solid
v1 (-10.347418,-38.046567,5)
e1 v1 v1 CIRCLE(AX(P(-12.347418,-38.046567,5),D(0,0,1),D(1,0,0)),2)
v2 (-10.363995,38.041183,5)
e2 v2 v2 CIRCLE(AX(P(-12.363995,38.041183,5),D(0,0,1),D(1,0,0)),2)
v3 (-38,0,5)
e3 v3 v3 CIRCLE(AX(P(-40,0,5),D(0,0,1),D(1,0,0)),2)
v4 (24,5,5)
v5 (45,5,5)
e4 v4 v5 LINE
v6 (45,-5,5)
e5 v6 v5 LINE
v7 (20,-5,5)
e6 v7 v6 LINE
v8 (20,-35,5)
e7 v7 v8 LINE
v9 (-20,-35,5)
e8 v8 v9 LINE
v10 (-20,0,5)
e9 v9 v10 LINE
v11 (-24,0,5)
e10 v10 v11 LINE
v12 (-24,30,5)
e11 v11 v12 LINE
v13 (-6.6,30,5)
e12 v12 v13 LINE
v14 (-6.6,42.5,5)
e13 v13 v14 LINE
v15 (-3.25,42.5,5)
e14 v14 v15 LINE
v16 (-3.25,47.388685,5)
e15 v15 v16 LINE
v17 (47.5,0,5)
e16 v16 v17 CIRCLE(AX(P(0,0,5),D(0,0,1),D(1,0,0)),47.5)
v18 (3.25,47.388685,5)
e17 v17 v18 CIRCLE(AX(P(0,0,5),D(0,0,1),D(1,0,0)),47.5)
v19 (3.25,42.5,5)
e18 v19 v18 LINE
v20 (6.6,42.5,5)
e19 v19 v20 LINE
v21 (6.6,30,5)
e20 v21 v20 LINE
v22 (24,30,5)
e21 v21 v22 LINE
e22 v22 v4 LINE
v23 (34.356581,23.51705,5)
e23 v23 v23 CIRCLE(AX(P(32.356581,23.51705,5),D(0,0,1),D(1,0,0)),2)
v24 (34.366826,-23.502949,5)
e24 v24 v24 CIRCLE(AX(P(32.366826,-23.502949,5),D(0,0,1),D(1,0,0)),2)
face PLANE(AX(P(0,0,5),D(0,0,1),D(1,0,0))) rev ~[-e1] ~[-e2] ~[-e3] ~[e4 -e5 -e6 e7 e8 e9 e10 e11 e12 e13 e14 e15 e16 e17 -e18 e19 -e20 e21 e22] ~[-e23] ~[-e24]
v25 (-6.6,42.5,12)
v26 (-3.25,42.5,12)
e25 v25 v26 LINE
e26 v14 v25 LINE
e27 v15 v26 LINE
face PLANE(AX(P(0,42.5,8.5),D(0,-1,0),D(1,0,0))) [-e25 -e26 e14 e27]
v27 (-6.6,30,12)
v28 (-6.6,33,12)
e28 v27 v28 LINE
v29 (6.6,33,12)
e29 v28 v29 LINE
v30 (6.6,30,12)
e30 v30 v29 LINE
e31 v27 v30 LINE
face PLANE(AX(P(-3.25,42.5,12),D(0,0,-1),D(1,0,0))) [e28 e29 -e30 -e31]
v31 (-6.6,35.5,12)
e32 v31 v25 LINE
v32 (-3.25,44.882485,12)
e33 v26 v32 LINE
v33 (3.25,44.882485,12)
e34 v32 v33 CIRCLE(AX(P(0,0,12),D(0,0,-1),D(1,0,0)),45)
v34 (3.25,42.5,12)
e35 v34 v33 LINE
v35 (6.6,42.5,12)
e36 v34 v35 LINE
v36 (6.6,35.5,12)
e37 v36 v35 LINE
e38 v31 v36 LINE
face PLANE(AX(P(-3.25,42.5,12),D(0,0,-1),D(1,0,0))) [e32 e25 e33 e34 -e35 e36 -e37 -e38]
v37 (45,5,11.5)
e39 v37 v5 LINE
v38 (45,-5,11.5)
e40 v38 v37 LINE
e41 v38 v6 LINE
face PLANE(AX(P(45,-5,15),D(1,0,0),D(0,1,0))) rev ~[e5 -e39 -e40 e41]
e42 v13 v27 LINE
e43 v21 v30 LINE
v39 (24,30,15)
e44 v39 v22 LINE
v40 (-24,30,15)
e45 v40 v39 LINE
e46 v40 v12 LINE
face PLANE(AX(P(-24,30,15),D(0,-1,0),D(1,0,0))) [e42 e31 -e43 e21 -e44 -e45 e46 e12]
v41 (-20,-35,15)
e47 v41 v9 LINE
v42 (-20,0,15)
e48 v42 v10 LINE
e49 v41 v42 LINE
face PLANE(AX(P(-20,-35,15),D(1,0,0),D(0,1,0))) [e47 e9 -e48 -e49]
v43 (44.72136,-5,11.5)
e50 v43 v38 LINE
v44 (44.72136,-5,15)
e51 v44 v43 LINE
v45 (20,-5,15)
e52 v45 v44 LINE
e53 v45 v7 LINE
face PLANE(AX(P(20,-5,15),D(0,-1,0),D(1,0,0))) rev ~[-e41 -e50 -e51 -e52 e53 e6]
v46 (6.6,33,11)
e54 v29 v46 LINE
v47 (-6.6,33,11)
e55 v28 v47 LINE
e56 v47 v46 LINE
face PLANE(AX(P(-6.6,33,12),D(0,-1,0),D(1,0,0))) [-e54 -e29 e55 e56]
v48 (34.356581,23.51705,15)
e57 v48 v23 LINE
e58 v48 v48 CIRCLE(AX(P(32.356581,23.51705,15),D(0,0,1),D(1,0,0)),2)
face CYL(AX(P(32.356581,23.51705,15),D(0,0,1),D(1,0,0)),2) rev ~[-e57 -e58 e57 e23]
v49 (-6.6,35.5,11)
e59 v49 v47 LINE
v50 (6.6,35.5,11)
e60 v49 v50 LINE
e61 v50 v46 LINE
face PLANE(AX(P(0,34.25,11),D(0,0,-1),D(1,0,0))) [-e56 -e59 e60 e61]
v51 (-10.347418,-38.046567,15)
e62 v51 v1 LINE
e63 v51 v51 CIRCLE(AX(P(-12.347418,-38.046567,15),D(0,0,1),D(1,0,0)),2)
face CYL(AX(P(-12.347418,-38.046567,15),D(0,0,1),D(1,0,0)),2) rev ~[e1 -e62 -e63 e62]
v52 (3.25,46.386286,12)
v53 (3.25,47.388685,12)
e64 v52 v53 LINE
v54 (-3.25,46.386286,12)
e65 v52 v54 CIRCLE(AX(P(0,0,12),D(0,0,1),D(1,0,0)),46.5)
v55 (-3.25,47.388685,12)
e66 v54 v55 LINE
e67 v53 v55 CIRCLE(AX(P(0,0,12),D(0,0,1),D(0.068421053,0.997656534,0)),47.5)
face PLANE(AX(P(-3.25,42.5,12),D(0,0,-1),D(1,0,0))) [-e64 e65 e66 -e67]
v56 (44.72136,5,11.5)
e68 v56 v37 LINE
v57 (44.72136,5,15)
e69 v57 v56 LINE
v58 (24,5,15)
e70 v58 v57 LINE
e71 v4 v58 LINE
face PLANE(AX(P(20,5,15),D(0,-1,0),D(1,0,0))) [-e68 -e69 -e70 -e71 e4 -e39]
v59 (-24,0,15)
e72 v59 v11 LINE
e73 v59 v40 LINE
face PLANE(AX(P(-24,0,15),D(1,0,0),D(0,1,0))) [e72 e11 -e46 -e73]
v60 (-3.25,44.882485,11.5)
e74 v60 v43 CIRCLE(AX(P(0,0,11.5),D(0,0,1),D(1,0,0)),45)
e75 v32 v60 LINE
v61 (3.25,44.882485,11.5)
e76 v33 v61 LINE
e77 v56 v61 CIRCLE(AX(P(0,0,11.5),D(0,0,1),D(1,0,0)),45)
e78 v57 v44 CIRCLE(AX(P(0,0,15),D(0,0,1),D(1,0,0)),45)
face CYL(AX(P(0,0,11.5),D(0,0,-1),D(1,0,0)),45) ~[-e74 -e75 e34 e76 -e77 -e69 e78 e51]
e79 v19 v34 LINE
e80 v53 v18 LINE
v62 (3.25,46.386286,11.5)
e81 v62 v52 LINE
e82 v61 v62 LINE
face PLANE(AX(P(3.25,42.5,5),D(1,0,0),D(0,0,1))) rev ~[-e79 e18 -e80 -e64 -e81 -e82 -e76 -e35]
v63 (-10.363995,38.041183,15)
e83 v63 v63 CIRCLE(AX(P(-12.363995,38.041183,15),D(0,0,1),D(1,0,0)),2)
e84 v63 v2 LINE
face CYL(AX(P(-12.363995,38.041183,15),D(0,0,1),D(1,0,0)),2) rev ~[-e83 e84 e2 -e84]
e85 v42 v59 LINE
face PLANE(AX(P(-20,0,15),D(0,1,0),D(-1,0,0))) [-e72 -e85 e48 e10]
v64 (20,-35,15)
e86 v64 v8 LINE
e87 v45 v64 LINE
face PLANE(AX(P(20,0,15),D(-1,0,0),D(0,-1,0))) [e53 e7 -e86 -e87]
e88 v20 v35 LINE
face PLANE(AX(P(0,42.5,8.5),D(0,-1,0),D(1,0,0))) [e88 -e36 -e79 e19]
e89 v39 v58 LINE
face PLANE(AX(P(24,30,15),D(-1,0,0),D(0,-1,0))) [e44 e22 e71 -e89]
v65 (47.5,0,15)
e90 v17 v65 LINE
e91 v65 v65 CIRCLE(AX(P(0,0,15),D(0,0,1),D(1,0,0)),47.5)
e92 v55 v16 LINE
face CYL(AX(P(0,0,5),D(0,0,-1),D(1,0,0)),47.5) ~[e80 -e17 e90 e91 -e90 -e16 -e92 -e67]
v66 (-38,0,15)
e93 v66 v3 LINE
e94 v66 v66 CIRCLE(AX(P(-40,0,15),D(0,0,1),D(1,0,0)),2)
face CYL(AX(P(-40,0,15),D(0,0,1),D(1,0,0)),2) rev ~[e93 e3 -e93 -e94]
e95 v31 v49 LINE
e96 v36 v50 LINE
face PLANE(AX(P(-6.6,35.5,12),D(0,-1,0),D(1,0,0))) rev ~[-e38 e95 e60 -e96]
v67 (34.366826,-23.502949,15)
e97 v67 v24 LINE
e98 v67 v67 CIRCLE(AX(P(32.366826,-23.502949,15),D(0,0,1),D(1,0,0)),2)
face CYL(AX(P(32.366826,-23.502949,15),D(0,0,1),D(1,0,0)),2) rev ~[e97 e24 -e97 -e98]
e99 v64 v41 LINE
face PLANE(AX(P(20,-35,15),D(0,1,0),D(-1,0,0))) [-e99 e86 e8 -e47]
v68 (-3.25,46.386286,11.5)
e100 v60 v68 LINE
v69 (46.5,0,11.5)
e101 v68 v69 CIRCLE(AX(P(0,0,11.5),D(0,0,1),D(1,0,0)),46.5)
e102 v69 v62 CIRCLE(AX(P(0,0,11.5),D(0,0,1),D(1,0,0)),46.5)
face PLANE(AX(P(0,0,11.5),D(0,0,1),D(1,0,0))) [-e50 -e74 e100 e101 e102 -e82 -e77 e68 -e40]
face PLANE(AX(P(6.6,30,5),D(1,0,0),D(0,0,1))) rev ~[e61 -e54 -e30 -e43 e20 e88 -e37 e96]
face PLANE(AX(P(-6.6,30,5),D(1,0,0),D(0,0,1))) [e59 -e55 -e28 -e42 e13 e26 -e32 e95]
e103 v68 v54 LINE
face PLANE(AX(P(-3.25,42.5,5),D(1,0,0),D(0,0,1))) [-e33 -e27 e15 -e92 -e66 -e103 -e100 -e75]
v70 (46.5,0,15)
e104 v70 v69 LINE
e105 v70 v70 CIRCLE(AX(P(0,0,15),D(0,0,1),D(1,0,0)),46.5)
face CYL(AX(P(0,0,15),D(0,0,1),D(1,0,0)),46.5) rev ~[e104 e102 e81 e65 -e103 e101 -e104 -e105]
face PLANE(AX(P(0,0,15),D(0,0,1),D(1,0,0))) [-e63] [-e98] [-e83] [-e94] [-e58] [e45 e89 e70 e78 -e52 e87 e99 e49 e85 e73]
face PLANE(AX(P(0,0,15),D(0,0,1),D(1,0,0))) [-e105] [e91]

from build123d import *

# Parameters (mm, degrees)
SKETCH005_R     = 47.5
PAD002_DEPTH    = 10
SKETCH006_R     = 46.5
POCKET001_DEPTH = 3.5
SKETCH007_R     = 45
PAD003_DEPTH    = 3.5
POCKET003_DEPTH = 10
SKETCH011_W     = 25
SKETCH011_H     = 10
POCKET004_DEPTH = 10
SKETCH014_R     = 2
POCKET007_DEPTH = 10
SKETCH018_W     = 13.2
SKETCH018_H     = 7
POCKET011_DEPTH = 12.5
SKETCH019_W     = 6.5
SKETCH019_H     = 7
POCKET012_DEPTH = 5
SKETCH020_W     = 13.2
SKETCH020_H     = 2.5
PAD005_DEPTH    = 1


with BuildPart() as part:
    # Sketch005 → Pad002 (new body)
    with BuildSketch(Plane.XY):
        Circle(SKETCH005_R)
    extrude(amount=PAD002_DEPTH)

    # Sketch006 (on Face3 of Pad002) → Pocket001 (cut)
    with BuildSketch(Plane.XY.offset(10)):
        Circle(SKETCH006_R)
    extrude(amount=-POCKET001_DEPTH, mode=Mode.SUBTRACT)

    # Sketch007 (on Face5 of Pocket001) → Pad003 (join)
    with BuildSketch(Plane.XY.offset(6.5)):
        Circle(SKETCH007_R)
    extrude(amount=PAD003_DEPTH)

    # Sketch010 (on Face7 of Pad003) → Pocket003 (cut)
    with BuildSketch(Plane.XY.offset(10)):
        Polygon((20, 0), (20, -35), (-20, -35), (-20, 0), (-24, 0), (-24, 30), (24, 30), (24, 0), align=None)
    extrude(amount=-POCKET003_DEPTH, mode=Mode.SUBTRACT)

    # Sketch011 (on Face13 of Pocket003) → Pocket004 (cut)
    with BuildSketch(Plane.XY.offset(10)):
        with Locations((32.5, 0)):
            Rectangle(SKETCH011_W, SKETCH011_H)
    extrude(amount=-POCKET004_DEPTH, mode=Mode.SUBTRACT)

    # Sketch014 (on Face15 of Pocket004) → Pocket007 (cut)
    with BuildSketch(Plane.XY.offset(10)):
        with Locations((-40, 0)):
            Circle(SKETCH014_R)
        with Locations((-12.363995, 38.041183)):
            Circle(SKETCH014_R)
        with Locations((32.356581, 23.51705)):
            Circle(SKETCH014_R)
        with Locations((32.366826, -23.502949)):
            Circle(SKETCH014_R)
        with Locations((-12.347418, -38.046567)):
            Circle(SKETCH014_R)
    extrude(amount=-POCKET007_DEPTH, mode=Mode.SUBTRACT)

    # Sketch018 (on Face9 of Pocket007) → Pocket011 (cut)
    with BuildSketch(Plane.XZ.offset(-30)):
        with Locations((0, 3.5)):
            Rectangle(SKETCH018_W, SKETCH018_H)
    extrude(amount=-POCKET011_DEPTH, mode=Mode.SUBTRACT)

    # Sketch019 (on Face18 of Pocket011) → Pocket012 (cut)
    with BuildSketch(Plane.XZ.offset(-42.5)):
        with Locations((0, 3.5)):
            Rectangle(SKETCH019_W, SKETCH019_H)
    extrude(amount=-POCKET012_DEPTH, mode=Mode.SUBTRACT)

    # Sketch020 (on Face29 of Pocket012) → Pad005 (join)
    with BuildSketch(Plane(origin=(0, 0, 7), x_dir=(1, 0, 0), z_dir=(0, 0, -1))):
        with Locations((0, -34.25)):
            Rectangle(SKETCH020_W, SKETCH020_H)
    extrude(amount=PAD005_DEPTH)


with BuildPart() as part_1:
    # Body002 placement: moved
    add(part.part.moved(Location((0, 0, 5))))


solid = part_1.part
